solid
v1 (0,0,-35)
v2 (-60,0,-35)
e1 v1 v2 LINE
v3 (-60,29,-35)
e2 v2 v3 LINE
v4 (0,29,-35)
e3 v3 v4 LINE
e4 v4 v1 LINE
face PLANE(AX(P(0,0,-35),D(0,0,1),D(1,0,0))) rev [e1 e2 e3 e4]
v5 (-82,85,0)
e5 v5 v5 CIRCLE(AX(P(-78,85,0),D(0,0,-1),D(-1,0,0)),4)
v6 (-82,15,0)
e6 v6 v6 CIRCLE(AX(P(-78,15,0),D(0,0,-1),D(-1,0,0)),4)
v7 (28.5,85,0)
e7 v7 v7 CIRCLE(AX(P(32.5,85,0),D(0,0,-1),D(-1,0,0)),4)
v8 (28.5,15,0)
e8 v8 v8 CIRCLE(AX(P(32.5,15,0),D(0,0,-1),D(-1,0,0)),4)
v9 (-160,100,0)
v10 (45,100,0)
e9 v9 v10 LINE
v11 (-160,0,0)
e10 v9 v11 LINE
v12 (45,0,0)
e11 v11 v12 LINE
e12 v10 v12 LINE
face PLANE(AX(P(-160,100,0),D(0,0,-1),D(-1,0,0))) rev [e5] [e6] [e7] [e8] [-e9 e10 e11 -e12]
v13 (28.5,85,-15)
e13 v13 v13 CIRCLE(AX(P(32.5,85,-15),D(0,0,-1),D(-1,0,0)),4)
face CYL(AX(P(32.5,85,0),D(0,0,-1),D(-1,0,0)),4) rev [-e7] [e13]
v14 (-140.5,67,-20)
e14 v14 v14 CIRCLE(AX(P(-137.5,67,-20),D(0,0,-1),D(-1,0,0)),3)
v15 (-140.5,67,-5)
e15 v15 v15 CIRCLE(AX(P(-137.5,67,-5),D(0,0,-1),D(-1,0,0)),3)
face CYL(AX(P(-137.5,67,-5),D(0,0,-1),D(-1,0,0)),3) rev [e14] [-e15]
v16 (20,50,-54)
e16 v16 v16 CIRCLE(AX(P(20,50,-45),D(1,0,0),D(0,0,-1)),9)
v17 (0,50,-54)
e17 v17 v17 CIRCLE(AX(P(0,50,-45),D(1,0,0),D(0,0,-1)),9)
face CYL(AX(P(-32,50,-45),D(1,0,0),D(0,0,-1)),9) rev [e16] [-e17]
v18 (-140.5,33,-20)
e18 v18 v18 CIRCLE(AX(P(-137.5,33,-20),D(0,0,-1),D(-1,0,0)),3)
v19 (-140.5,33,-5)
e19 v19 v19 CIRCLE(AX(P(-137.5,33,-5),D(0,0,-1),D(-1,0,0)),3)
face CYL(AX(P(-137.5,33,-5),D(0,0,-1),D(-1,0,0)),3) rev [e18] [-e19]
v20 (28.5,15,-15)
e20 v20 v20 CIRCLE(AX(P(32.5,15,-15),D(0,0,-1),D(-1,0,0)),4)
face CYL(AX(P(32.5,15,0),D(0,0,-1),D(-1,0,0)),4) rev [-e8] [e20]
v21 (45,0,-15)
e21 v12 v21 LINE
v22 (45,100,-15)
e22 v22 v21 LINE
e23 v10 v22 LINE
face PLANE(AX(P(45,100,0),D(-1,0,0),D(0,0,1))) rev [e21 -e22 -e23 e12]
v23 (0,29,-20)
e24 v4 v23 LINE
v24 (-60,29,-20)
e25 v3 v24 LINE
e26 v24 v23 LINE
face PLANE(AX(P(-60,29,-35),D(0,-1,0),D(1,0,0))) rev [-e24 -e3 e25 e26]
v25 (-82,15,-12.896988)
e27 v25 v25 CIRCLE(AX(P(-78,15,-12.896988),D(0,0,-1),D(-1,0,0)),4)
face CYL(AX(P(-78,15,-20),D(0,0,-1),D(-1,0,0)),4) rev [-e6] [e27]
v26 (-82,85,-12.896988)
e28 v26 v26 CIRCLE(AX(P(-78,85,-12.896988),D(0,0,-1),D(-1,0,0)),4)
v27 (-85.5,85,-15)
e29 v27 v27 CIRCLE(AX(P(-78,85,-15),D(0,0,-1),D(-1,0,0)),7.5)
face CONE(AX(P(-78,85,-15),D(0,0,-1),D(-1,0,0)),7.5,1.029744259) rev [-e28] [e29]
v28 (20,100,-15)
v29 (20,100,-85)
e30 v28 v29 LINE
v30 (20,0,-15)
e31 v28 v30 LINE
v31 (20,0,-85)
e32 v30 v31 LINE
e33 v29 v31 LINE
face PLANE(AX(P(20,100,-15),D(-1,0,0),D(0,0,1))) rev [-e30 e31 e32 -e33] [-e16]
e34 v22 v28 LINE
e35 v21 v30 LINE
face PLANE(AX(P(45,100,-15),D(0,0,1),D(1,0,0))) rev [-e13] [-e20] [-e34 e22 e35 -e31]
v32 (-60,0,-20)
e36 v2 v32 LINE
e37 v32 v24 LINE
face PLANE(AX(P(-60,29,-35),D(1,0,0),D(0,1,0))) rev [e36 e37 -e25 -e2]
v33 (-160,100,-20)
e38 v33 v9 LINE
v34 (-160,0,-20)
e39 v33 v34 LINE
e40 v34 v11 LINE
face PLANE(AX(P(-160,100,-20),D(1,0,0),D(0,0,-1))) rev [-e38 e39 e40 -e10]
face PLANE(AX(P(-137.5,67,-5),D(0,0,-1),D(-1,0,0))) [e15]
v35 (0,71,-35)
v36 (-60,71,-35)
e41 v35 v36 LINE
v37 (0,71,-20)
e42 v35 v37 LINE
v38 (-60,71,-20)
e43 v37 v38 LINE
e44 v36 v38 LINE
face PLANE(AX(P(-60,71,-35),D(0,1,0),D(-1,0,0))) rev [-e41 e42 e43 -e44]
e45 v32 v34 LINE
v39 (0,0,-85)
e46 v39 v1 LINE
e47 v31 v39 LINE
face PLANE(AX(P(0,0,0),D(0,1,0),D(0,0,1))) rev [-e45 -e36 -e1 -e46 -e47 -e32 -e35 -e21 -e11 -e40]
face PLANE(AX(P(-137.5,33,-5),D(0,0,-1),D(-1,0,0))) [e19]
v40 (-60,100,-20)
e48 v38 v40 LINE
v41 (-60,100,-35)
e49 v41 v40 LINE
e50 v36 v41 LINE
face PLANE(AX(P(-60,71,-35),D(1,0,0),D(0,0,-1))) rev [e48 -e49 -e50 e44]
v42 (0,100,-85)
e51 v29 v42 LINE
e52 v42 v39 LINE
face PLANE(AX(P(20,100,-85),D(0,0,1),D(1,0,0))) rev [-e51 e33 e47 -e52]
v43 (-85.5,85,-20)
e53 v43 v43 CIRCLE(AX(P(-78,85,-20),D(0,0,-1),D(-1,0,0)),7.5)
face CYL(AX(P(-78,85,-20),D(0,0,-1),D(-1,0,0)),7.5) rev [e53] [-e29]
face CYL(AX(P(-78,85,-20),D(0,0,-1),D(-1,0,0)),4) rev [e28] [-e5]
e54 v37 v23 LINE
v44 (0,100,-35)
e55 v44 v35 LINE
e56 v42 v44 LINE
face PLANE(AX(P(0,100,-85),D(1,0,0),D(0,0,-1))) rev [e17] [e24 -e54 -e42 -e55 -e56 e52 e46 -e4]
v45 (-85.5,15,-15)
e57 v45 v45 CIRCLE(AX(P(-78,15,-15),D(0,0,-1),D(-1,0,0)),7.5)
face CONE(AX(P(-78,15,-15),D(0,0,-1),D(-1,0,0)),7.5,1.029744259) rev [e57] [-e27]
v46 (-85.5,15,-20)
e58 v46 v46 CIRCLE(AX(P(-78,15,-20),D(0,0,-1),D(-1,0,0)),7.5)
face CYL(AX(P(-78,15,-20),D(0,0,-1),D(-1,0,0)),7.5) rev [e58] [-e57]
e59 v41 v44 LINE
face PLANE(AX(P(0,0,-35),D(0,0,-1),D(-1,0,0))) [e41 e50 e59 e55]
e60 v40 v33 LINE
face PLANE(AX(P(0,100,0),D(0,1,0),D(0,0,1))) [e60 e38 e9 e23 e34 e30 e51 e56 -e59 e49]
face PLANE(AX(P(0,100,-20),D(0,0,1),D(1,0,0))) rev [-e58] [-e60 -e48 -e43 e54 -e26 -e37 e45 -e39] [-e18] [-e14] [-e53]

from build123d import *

# Parameters (mm, degrees)
BOSS_EXTRUDE2_DEPTH = 100
SKETCH3_W           = 60
SKETCH3_H           = 29
BOSS_EXTRUDE3_DEPTH = 15
SKETCH4_R           = 4
CUT_EXTRUDE1_DEPTH  = 15
HOLE2_AT_2_COUNT    = 2
HOLE2_AT_2_PITCH    = 70
SKETCH9_R           = 3
CUT_EXTRUDE2_DEPTH  = 15
SKETCH10_R          = 9
CUT_EXTRUDE3_DEPTH  = 52


with BuildPart() as part:
    # Sketch1 → Boss-Extrude2 (new body)
    with BuildSketch(Plane(origin=(0, 0, 0), x_dir=(1, 0, 0), z_dir=(0, 1, 0))):
        Polygon((-160, 0), (45, 0), (45, 15), (20, 15), (20, 85), (0, 85), (0, 20), (-160, 20), align=None)
    extrude(amount=BOSS_EXTRUDE2_DEPTH)

    # Sketch3 → Boss-Extrude3 (add)
    with BuildSketch(Plane(origin=(0, 0, -20), x_dir=(-1, 0, 0), z_dir=(0, 0, -1))):
        with Locations((30, 85.5)):
            Rectangle(SKETCH3_W, SKETCH3_H)
        with Locations((30, 14.5)):
            Rectangle(SKETCH3_W, SKETCH3_H)
    extrude(amount=BOSS_EXTRUDE3_DEPTH)

    # Sketch4 → Cut-Extrude1 (cut)
    with BuildSketch(Plane(origin=(0, 0, -15), x_dir=(-1, 0, 0), z_dir=(0, 0, -1))):
        with Locations((-32.5, 85)):
            Circle(SKETCH4_R)
        with Locations((-32.5, 15)):
            Circle(SKETCH4_R)
    extrude(amount=-CUT_EXTRUDE1_DEPTH, mode=Mode.SUBTRACT)

    # Sketch8 → Hole2 (revolve, cut)
    with BuildSketch(Plane(origin=(-78, 85, -20), x_dir=(0, 1, 0), z_dir=(1, 0, 0))):
        Polygon((0, 0), (0, 20), (4, 20), (4, 7.103012167), (7.5, 5), (7.5, 0), align=None)
    hole2 = revolve(axis=Axis((-78, 85, -26.130023899), (0, 0, 1)), mode=Mode.SUBTRACT)

    # Hole2 at 2: Hole2 ×2
    with Locations(*[(0, -i * HOLE2_AT_2_PITCH, 0) for i in range(1, HOLE2_AT_2_COUNT)]):
        add(hole2, mode=Mode.SUBTRACT)

    # Sketch9 → Cut-Extrude2 (cut)
    with BuildSketch(Plane(origin=(0, 0, -20), x_dir=(-1, 0, 0), z_dir=(0, 0, -1))):
        with Locations((137.5, 67)):
            Circle(SKETCH9_R)
        with Locations((137.5, 33)):
            Circle(SKETCH9_R)
    extrude(amount=-CUT_EXTRUDE2_DEPTH, mode=Mode.SUBTRACT)

    # Sketch10 → Cut-Extrude3 (cut)
    with BuildSketch(Plane(origin=(20, 0, 0), x_dir=(0, 0, -1), z_dir=(1, 0, 0))):
        with Locations((45, 50)):
            Circle(SKETCH10_R)
    extrude(amount=-CUT_EXTRUDE3_DEPTH, mode=Mode.SUBTRACT)


solid = part.part
